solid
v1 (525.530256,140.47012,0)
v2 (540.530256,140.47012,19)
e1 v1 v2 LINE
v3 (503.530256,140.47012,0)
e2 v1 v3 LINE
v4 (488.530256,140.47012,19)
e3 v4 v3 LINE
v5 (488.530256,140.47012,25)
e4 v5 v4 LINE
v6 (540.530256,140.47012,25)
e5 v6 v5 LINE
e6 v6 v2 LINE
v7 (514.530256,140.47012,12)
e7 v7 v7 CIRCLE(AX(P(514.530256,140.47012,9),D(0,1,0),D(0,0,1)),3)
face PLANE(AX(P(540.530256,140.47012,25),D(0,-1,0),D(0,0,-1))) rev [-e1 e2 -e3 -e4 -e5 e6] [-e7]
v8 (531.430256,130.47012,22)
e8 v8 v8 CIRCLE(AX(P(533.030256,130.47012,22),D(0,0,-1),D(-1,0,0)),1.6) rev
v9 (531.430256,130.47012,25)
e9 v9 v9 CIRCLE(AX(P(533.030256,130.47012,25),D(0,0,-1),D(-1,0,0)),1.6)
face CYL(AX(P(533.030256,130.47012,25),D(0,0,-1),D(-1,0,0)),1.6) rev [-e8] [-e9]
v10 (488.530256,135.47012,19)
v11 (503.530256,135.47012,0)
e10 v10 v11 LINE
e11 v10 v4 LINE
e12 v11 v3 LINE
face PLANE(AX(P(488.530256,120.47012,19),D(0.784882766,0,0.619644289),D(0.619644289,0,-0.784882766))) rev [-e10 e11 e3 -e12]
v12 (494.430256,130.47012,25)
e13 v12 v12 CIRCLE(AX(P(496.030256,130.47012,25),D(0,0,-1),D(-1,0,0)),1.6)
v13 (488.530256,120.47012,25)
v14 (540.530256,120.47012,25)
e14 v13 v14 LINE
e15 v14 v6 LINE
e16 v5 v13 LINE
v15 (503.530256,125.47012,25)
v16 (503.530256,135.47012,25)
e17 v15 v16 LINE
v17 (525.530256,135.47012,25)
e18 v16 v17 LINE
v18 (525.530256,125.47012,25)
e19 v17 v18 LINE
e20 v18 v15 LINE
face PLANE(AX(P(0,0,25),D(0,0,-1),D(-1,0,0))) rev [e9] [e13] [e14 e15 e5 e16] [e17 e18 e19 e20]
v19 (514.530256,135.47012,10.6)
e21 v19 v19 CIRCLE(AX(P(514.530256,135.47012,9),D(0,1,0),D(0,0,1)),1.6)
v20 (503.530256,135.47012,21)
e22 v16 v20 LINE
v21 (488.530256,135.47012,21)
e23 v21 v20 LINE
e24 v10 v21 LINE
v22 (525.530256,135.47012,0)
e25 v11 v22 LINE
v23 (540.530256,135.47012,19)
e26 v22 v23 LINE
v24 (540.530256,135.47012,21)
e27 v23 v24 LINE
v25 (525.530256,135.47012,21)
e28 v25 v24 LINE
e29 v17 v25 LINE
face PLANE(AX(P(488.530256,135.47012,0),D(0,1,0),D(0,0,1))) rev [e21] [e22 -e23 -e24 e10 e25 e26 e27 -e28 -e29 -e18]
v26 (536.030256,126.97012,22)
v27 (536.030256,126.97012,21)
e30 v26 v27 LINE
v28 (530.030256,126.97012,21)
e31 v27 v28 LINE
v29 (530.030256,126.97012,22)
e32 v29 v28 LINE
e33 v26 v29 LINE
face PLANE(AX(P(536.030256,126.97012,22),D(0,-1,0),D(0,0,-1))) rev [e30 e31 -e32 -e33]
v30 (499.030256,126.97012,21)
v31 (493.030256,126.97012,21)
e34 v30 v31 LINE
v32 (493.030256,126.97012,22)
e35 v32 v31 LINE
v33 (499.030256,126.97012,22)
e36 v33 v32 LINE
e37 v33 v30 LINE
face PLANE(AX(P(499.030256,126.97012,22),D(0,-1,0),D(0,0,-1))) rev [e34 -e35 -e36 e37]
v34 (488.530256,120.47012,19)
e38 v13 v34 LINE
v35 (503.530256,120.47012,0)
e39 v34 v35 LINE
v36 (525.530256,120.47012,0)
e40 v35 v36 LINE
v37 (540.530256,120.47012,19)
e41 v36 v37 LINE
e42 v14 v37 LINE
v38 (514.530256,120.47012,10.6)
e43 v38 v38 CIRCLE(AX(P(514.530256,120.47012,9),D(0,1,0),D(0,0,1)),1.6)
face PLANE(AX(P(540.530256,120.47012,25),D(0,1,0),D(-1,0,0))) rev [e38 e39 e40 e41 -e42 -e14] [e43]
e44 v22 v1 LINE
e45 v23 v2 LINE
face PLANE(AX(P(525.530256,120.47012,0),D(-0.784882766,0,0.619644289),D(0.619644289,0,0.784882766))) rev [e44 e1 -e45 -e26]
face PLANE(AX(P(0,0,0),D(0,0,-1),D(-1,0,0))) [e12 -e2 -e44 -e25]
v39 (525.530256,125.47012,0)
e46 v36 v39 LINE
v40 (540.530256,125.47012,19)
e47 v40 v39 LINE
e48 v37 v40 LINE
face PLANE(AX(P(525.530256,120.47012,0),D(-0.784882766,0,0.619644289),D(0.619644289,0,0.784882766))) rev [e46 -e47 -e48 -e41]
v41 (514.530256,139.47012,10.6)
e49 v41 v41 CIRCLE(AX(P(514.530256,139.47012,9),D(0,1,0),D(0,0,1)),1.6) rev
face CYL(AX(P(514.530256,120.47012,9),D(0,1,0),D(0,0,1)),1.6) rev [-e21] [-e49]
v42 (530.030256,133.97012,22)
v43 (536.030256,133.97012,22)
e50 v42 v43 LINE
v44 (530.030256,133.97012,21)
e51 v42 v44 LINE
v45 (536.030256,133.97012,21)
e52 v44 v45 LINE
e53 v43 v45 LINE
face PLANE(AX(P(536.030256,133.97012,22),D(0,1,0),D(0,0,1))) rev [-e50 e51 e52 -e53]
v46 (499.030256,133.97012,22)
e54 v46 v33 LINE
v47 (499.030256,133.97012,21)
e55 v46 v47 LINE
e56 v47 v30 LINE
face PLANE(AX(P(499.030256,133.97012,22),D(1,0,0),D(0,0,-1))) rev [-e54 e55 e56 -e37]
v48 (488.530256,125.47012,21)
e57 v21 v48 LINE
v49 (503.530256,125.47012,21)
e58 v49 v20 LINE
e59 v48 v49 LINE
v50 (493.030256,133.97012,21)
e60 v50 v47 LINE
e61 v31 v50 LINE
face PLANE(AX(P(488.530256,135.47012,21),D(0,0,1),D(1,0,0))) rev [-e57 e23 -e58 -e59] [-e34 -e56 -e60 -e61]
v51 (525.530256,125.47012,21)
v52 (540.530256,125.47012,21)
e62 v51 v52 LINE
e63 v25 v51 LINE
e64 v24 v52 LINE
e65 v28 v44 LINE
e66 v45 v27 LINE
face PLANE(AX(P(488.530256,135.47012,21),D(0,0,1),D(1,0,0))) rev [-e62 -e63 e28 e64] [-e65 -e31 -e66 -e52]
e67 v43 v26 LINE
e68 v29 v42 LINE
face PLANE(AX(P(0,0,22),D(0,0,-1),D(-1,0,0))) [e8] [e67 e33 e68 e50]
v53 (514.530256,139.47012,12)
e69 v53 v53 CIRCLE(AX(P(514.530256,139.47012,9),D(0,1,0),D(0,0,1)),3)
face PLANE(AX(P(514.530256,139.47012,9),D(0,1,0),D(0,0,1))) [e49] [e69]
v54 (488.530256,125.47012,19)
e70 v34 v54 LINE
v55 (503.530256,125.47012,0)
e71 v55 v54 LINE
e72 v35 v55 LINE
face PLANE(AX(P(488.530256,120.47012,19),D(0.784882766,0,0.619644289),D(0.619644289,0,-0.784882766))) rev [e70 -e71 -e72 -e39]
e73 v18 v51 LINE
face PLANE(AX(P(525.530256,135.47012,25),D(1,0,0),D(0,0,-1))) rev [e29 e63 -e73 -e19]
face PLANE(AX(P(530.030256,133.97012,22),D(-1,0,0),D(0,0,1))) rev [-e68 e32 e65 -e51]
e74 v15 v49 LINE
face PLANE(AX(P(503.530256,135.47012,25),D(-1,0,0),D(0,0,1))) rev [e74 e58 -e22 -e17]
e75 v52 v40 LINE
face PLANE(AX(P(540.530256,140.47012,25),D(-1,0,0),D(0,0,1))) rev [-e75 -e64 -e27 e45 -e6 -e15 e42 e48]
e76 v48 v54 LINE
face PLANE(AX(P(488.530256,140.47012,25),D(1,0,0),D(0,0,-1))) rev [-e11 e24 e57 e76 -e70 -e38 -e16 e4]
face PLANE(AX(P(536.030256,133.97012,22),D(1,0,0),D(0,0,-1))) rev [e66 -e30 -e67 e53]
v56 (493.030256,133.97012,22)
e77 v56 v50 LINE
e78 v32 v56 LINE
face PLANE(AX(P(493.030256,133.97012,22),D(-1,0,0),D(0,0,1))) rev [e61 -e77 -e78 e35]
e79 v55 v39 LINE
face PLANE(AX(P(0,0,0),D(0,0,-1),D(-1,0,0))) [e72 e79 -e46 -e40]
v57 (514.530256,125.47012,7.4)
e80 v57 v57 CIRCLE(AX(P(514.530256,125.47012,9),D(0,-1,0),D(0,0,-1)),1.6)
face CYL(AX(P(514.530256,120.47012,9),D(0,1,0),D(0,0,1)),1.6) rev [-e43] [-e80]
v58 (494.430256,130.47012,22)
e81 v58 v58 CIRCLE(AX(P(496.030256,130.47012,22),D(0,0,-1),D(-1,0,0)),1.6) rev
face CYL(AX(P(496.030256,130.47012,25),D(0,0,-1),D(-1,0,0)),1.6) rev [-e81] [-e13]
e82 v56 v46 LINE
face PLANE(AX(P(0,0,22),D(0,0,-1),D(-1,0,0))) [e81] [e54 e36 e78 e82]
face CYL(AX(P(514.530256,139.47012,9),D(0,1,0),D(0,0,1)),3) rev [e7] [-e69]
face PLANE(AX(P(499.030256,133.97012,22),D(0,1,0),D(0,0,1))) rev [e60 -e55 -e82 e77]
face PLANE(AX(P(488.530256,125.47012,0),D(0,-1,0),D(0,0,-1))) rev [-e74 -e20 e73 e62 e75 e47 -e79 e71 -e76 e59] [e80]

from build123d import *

# Parameters (mm, degrees)
SKETCH1_W           = 52
SKETCH1_H           = 20
BOSS_EXTRUDE1_DEPTH = 25
SKETCH2_W           = 21
SKETCH2_H           = 10
CUT_EXTRUDE1_DEPTH  = 152.858008365
CUT_EXTRUDE2_DEPTH  = 542.477569293
SKETCH4_R           = 1.6
CUT_EXTRUDE3_DEPTH  = 542.477569293
SKETCH5_W           = 22
SKETCH5_H           = 10
CUT_EXTRUDE4_DEPTH  = 4
SKETCH6_R           = 1.6
CUT_EXTRUDE5_DEPTH  = 4
SKETCH7_W           = 6
SKETCH7_H           = 7
CUT_EXTRUDE6_DEPTH  = 1
SKETCH8_W           = 6
SKETCH8_H           = 7
CUT_EXTRUDE7_DEPTH  = 1
SKETCH9_R           = 3
CUT_EXTRUDE8_DEPTH  = 1


with BuildPart() as part:
    # Sketch1 → Boss-Extrude1 (new body)
    with BuildSketch(Plane.XY):
        with Locations((514.530256366, 130.470120327)):
            Rectangle(SKETCH1_W, SKETCH1_H)
    extrude(amount=BOSS_EXTRUDE1_DEPTH)

    # Sketch2 → Cut-Extrude1 (cut, through all)
    with BuildSketch(Plane(origin=(540.530256366, 0, 0), x_dir=(0, 0, -1), z_dir=(1, 0, 0))):
        with Locations((-10.5, 130.470120327)):
            Rectangle(SKETCH2_W, SKETCH2_H)
    extrude(amount=-CUT_EXTRUDE1_DEPTH, mode=Mode.SUBTRACT)

    # Sketch3 → Cut-Extrude2 (cut, through all)
    with BuildSketch(Plane(origin=(0, 140.470120327, 0), x_dir=(1, 0, 0), z_dir=(0, 1, 0))):
        Polygon((488.530256366, -19), (503.530256366, 0), (525.530256366, 0), (540.530256366, -19), (550.000331081, -19), (550.000331081, 5.4233188), (484.277494653, 5.4233188), (484.277494653, -19), align=None)
    extrude(amount=-CUT_EXTRUDE2_DEPTH, mode=Mode.SUBTRACT)

    # Sketch4 → Cut-Extrude3 (cut, through all)
    with BuildSketch(Plane(origin=(0, 140.470120327, 0), x_dir=(1, 0, 0), z_dir=(0, 1, 0))):
        with Locations(Location((514.530256366, -9, 0), (0, 0, 270))):
            Circle(SKETCH4_R)
    extrude(amount=-CUT_EXTRUDE3_DEPTH, mode=Mode.SUBTRACT)

    # Sketch5 → Cut-Extrude4 (cut)
    with BuildSketch(Plane(origin=(0, 0, 21), x_dir=(-1, 0, 0), z_dir=(0, 0, -1))):
        with Locations((-514.530256366, 130.470120327)):
            Rectangle(SKETCH5_W, SKETCH5_H)
    extrude(amount=-CUT_EXTRUDE4_DEPTH, mode=Mode.SUBTRACT)

    # Sketch6 → Cut-Extrude5 (cut)
    with BuildSketch(Plane(origin=(0, 0, 21), x_dir=(-1, 0, 0), z_dir=(0, 0, -1))):
        with Locations((-533.030256366, 130.470120327)):
            Circle(SKETCH6_R)
        with Locations((-496.030256366, 130.470120327)):
            Circle(SKETCH6_R)
    extrude(amount=-CUT_EXTRUDE5_DEPTH, mode=Mode.SUBTRACT)

    # Sketch7 → Cut-Extrude6 (cut)
    with BuildSketch(Plane(origin=(0, 0, 21), x_dir=(-1, 0, 0), z_dir=(0, 0, -1))):
        with Locations((-496.030256366, 130.470120327)):
            Rectangle(SKETCH7_W, SKETCH7_H)
    extrude(amount=-CUT_EXTRUDE6_DEPTH, mode=Mode.SUBTRACT)

    # Sketch8 → Cut-Extrude7 (cut)
    with BuildSketch(Plane(origin=(0, 0, 21), x_dir=(-1, 0, 0), z_dir=(0, 0, -1))):
        with Locations((-533.030256366, 130.470120327)):
            Rectangle(SKETCH8_W, SKETCH8_H)
    extrude(amount=-CUT_EXTRUDE7_DEPTH, mode=Mode.SUBTRACT)

    # Sketch9 → Cut-Extrude8 (cut)
    with BuildSketch(Plane(origin=(0, 140.470120327, 0), x_dir=(1, 0, 0), z_dir=(0, 1, 0))):
        with Locations(Location((514.530256366, -9, 0), (0, 0, 270))):
            Circle(SKETCH9_R)
    extrude(amount=-CUT_EXTRUDE8_DEPTH, mode=Mode.SUBTRACT)


solid = part.part
